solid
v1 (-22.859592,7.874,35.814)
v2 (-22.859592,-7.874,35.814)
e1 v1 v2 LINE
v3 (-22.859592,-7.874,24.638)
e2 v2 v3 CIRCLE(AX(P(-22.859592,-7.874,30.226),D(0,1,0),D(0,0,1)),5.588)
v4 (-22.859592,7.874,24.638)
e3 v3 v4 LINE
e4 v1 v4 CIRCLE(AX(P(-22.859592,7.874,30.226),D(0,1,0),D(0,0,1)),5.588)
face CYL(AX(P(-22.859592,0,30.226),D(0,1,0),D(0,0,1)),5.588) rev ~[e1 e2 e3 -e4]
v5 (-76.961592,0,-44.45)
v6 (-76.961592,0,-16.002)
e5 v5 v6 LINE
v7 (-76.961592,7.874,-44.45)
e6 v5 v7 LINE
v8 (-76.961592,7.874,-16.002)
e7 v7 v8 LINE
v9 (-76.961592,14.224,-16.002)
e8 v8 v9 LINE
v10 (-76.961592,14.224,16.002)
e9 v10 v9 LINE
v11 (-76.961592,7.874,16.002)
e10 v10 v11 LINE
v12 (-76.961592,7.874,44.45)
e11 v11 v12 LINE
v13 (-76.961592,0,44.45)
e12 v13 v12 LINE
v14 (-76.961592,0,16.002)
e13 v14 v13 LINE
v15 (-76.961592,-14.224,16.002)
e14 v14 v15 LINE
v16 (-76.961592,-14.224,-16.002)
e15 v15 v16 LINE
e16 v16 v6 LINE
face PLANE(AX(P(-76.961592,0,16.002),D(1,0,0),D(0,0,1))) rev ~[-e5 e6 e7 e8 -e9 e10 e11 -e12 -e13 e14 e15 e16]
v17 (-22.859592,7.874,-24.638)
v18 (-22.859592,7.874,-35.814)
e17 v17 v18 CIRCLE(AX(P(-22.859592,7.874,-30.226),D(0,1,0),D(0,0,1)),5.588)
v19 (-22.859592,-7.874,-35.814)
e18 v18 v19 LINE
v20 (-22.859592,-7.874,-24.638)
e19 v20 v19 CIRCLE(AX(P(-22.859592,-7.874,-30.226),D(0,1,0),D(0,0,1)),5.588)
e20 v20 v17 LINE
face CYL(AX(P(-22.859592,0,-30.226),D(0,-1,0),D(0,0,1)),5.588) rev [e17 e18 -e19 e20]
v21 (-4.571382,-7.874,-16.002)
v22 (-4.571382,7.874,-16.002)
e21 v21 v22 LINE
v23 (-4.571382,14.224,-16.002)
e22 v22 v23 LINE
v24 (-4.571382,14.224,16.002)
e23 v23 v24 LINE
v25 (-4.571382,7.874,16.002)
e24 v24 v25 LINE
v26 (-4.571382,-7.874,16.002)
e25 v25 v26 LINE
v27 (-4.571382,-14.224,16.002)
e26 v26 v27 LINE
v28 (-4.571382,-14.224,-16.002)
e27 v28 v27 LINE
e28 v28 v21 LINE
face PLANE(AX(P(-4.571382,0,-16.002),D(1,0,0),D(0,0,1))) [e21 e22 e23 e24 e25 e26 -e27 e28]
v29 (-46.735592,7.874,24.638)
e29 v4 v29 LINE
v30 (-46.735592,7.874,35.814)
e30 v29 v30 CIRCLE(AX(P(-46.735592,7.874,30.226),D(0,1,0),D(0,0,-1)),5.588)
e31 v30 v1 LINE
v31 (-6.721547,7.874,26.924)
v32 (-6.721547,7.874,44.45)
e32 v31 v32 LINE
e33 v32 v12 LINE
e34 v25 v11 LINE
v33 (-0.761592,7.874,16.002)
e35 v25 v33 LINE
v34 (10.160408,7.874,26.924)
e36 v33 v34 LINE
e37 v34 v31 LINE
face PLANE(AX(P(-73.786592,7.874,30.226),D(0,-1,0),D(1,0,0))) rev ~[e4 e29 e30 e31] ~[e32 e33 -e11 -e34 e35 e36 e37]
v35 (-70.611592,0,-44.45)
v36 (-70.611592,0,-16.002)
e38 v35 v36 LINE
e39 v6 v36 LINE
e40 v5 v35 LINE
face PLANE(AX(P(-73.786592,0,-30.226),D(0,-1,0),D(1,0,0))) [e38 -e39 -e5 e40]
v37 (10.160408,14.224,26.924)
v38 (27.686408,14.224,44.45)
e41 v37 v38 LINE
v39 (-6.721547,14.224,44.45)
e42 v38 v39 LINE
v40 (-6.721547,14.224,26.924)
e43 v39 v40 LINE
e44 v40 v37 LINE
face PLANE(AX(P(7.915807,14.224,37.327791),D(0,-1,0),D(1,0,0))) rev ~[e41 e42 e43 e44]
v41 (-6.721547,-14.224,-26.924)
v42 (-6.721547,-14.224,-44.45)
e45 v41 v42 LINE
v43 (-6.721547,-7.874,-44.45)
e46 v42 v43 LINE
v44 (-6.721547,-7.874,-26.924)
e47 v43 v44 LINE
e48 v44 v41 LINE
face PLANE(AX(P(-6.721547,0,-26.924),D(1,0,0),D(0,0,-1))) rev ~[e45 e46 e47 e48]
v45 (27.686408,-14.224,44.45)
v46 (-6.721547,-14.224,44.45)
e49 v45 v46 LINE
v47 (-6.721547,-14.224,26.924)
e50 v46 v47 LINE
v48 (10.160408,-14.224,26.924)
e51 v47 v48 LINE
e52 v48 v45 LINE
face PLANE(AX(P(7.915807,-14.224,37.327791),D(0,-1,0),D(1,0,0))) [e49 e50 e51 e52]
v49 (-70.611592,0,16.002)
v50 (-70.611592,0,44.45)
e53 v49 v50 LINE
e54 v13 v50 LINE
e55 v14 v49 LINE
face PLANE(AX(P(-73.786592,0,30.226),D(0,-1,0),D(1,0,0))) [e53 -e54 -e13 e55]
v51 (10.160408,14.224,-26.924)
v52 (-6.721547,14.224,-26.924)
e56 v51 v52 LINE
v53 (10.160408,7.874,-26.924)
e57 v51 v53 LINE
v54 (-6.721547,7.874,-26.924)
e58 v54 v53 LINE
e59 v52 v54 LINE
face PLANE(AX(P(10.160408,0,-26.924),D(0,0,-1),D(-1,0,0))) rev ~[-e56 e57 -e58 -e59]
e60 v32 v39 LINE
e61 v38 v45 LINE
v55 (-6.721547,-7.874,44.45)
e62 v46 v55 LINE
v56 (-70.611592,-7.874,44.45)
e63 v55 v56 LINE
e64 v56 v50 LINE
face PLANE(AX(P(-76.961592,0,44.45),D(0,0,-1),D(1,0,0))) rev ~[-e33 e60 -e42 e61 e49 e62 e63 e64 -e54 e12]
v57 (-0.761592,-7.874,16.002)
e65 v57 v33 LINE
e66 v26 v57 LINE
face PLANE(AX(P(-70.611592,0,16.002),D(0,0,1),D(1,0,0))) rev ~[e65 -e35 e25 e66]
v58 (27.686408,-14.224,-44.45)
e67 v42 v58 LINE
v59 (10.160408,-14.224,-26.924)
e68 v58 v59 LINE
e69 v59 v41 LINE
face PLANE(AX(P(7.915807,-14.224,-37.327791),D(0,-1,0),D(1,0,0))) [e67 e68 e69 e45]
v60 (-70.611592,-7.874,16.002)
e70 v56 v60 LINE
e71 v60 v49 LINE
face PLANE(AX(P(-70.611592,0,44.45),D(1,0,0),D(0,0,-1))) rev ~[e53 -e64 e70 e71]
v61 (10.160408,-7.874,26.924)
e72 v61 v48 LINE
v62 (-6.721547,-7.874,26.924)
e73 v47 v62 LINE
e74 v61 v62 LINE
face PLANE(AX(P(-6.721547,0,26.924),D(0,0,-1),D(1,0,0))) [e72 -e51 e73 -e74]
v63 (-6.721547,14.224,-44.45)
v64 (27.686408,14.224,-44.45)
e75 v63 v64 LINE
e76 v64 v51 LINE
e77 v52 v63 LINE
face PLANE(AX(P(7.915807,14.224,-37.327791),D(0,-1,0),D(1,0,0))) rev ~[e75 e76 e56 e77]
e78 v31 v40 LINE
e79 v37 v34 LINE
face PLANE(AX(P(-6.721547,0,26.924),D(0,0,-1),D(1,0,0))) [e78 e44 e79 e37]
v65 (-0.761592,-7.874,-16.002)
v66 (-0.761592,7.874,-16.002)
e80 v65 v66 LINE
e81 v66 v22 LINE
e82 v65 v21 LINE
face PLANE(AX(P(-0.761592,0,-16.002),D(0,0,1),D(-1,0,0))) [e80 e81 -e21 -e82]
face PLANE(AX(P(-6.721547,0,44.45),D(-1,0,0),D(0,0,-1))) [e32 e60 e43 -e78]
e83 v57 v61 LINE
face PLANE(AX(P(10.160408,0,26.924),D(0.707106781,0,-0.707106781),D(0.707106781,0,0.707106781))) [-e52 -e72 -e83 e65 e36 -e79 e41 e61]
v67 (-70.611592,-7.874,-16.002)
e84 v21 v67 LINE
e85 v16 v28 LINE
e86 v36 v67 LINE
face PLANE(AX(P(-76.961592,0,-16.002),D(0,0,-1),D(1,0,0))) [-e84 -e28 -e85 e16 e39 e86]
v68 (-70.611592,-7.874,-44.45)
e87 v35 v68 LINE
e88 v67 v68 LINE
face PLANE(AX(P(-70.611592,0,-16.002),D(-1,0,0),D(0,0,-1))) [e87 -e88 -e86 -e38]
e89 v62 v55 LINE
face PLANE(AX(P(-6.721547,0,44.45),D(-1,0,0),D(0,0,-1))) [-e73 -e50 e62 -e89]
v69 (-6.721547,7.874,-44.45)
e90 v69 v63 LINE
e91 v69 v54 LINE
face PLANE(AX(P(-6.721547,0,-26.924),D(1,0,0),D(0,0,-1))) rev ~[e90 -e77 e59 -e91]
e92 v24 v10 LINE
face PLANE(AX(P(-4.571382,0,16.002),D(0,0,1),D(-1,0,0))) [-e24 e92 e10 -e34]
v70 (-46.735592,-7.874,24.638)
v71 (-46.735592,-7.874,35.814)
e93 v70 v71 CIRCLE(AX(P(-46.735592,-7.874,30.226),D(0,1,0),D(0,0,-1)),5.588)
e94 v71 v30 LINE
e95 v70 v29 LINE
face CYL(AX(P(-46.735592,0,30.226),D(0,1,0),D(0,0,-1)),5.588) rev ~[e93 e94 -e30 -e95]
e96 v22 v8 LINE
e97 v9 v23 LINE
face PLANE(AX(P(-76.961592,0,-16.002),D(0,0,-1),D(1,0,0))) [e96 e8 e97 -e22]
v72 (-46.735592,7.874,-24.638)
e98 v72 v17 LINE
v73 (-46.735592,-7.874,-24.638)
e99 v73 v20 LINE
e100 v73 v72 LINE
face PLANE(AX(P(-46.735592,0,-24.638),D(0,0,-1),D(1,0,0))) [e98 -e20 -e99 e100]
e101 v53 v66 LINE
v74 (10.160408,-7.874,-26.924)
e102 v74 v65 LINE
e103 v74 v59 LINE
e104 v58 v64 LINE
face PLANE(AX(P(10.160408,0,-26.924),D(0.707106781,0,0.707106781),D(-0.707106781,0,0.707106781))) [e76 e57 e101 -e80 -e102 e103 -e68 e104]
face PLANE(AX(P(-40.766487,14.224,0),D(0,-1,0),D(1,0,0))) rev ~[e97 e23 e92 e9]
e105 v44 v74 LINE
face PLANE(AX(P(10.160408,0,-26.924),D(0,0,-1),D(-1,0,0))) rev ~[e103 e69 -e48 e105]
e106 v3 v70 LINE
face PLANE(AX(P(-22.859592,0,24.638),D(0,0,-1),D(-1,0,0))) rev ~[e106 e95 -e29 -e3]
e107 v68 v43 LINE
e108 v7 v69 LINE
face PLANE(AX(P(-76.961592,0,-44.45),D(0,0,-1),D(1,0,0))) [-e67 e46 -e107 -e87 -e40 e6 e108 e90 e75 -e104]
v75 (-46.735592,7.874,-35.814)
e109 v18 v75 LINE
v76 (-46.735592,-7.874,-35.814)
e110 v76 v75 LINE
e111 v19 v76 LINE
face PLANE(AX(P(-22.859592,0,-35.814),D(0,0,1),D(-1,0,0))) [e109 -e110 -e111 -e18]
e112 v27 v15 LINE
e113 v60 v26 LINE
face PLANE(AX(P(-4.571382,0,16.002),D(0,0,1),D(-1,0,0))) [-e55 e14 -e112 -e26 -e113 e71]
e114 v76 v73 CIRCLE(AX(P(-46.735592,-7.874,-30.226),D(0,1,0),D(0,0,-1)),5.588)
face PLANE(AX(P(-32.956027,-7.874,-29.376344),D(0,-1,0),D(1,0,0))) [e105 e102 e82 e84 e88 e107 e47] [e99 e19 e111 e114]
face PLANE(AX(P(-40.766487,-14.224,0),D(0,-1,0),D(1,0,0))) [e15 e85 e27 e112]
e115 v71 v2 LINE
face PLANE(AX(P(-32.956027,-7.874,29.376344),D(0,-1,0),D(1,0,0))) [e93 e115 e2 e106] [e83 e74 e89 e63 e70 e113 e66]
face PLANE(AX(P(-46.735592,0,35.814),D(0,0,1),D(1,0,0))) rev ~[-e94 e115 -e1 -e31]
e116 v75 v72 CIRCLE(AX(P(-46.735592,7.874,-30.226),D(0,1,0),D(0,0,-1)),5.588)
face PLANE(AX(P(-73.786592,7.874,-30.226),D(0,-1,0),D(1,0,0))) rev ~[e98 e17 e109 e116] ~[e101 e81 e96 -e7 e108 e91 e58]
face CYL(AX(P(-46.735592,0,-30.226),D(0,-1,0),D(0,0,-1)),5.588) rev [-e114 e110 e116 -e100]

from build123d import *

# Parameters (mm, degrees)
F1_DEPTH = 14.224
F2_DEPTH = 7.874
F3_DEPTH = 14.224
F0_W     = 6.35
F0_H     = 28.448
F4_DEPTH = 7.874


with BuildPart() as f1:
    # F0 (on Front) → F1 (new body, symmetric)
    with BuildSketch(Plane.XZ):
        Polygon((-4.571382422, -16.002), (-4.571382422, 16.002), (-70.6115919133, 16.002), (-76.9615919133, 16.002), (-76.9615919133, -16.002), (-70.6115919133, -16.002), align=None)
    extrude(amount=F1_DEPTH, both=True)

    # F0 (on Front) → F2 (join, symmetric)
    with BuildSketch(Plane.XZ):
        Polygon((-4.571382422, 16.002), (-0.7615919133, 16.002), (10.1604080867, 26.924), (-6.7215473391, 26.924), (-6.7215473391, 44.45), (-70.6115919133, 44.45), (-70.6115919133, 16.002), align=None)
        with BuildLine():
            ThreePointArc((-22.8595919133, 35.814), (-17.2715919133, 30.226), (-22.8595919133, 24.638))
            Line((-22.8595919133, 24.638), (-46.7355919133, 24.638))
            ThreePointArc((-46.7355919133, 24.638), (-52.3235919133, 30.226), (-46.7355919133, 35.814))
            Line((-46.7355919133, 35.814), (-22.8595919133, 35.814))
        make_face(mode=Mode.SUBTRACT)
        Polygon((-0.7615919133, -16.002), (-4.571382422, -16.002), (-70.6115919133, -16.002), (-70.6115919133, -44.45), (-6.7215473391, -44.45), (-6.7215473391, -26.924), (10.1604080867, -26.924), align=None)
        with BuildLine():
            Line((-22.8595919133, -35.814), (-46.7355919133, -35.814))
            ThreePointArc((-46.7355919133, -35.814), (-52.3235919133, -30.226), (-46.7355919133, -24.638))
            Line((-46.7355919133, -24.638), (-22.8595919133, -24.638))
            ThreePointArc((-22.8595919133, -24.638), (-17.2715919133, -30.226), (-22.8595919133, -35.814))
        make_face(mode=Mode.SUBTRACT)
    extrude(amount=F2_DEPTH, both=True)

    # F0 (on Front) → F3 (join, symmetric)
    with BuildSketch(Plane.XZ):
        Polygon((27.6864080867, -44.45), (10.1604080867, -26.924), (-6.7215473391, -26.924), (-6.7215473391, -44.45), align=None)
        Polygon((-6.7215473391, 26.924), (10.1604080867, 26.924), (27.6864080867, 44.45), (-6.7215473391, 44.45), align=None)
    extrude(amount=F3_DEPTH, both=True)

    # F0 (on Front) → F4 (join)
    with BuildSketch(Plane.XZ):
        with Locations((-73.7865919133, 30.226)):
            Rectangle(F0_W, F0_H)
        with Locations((-73.7865919133, -30.226)):
            Rectangle(F0_W, F0_H)
    extrude(amount=-F4_DEPTH)


solid = f1.part
